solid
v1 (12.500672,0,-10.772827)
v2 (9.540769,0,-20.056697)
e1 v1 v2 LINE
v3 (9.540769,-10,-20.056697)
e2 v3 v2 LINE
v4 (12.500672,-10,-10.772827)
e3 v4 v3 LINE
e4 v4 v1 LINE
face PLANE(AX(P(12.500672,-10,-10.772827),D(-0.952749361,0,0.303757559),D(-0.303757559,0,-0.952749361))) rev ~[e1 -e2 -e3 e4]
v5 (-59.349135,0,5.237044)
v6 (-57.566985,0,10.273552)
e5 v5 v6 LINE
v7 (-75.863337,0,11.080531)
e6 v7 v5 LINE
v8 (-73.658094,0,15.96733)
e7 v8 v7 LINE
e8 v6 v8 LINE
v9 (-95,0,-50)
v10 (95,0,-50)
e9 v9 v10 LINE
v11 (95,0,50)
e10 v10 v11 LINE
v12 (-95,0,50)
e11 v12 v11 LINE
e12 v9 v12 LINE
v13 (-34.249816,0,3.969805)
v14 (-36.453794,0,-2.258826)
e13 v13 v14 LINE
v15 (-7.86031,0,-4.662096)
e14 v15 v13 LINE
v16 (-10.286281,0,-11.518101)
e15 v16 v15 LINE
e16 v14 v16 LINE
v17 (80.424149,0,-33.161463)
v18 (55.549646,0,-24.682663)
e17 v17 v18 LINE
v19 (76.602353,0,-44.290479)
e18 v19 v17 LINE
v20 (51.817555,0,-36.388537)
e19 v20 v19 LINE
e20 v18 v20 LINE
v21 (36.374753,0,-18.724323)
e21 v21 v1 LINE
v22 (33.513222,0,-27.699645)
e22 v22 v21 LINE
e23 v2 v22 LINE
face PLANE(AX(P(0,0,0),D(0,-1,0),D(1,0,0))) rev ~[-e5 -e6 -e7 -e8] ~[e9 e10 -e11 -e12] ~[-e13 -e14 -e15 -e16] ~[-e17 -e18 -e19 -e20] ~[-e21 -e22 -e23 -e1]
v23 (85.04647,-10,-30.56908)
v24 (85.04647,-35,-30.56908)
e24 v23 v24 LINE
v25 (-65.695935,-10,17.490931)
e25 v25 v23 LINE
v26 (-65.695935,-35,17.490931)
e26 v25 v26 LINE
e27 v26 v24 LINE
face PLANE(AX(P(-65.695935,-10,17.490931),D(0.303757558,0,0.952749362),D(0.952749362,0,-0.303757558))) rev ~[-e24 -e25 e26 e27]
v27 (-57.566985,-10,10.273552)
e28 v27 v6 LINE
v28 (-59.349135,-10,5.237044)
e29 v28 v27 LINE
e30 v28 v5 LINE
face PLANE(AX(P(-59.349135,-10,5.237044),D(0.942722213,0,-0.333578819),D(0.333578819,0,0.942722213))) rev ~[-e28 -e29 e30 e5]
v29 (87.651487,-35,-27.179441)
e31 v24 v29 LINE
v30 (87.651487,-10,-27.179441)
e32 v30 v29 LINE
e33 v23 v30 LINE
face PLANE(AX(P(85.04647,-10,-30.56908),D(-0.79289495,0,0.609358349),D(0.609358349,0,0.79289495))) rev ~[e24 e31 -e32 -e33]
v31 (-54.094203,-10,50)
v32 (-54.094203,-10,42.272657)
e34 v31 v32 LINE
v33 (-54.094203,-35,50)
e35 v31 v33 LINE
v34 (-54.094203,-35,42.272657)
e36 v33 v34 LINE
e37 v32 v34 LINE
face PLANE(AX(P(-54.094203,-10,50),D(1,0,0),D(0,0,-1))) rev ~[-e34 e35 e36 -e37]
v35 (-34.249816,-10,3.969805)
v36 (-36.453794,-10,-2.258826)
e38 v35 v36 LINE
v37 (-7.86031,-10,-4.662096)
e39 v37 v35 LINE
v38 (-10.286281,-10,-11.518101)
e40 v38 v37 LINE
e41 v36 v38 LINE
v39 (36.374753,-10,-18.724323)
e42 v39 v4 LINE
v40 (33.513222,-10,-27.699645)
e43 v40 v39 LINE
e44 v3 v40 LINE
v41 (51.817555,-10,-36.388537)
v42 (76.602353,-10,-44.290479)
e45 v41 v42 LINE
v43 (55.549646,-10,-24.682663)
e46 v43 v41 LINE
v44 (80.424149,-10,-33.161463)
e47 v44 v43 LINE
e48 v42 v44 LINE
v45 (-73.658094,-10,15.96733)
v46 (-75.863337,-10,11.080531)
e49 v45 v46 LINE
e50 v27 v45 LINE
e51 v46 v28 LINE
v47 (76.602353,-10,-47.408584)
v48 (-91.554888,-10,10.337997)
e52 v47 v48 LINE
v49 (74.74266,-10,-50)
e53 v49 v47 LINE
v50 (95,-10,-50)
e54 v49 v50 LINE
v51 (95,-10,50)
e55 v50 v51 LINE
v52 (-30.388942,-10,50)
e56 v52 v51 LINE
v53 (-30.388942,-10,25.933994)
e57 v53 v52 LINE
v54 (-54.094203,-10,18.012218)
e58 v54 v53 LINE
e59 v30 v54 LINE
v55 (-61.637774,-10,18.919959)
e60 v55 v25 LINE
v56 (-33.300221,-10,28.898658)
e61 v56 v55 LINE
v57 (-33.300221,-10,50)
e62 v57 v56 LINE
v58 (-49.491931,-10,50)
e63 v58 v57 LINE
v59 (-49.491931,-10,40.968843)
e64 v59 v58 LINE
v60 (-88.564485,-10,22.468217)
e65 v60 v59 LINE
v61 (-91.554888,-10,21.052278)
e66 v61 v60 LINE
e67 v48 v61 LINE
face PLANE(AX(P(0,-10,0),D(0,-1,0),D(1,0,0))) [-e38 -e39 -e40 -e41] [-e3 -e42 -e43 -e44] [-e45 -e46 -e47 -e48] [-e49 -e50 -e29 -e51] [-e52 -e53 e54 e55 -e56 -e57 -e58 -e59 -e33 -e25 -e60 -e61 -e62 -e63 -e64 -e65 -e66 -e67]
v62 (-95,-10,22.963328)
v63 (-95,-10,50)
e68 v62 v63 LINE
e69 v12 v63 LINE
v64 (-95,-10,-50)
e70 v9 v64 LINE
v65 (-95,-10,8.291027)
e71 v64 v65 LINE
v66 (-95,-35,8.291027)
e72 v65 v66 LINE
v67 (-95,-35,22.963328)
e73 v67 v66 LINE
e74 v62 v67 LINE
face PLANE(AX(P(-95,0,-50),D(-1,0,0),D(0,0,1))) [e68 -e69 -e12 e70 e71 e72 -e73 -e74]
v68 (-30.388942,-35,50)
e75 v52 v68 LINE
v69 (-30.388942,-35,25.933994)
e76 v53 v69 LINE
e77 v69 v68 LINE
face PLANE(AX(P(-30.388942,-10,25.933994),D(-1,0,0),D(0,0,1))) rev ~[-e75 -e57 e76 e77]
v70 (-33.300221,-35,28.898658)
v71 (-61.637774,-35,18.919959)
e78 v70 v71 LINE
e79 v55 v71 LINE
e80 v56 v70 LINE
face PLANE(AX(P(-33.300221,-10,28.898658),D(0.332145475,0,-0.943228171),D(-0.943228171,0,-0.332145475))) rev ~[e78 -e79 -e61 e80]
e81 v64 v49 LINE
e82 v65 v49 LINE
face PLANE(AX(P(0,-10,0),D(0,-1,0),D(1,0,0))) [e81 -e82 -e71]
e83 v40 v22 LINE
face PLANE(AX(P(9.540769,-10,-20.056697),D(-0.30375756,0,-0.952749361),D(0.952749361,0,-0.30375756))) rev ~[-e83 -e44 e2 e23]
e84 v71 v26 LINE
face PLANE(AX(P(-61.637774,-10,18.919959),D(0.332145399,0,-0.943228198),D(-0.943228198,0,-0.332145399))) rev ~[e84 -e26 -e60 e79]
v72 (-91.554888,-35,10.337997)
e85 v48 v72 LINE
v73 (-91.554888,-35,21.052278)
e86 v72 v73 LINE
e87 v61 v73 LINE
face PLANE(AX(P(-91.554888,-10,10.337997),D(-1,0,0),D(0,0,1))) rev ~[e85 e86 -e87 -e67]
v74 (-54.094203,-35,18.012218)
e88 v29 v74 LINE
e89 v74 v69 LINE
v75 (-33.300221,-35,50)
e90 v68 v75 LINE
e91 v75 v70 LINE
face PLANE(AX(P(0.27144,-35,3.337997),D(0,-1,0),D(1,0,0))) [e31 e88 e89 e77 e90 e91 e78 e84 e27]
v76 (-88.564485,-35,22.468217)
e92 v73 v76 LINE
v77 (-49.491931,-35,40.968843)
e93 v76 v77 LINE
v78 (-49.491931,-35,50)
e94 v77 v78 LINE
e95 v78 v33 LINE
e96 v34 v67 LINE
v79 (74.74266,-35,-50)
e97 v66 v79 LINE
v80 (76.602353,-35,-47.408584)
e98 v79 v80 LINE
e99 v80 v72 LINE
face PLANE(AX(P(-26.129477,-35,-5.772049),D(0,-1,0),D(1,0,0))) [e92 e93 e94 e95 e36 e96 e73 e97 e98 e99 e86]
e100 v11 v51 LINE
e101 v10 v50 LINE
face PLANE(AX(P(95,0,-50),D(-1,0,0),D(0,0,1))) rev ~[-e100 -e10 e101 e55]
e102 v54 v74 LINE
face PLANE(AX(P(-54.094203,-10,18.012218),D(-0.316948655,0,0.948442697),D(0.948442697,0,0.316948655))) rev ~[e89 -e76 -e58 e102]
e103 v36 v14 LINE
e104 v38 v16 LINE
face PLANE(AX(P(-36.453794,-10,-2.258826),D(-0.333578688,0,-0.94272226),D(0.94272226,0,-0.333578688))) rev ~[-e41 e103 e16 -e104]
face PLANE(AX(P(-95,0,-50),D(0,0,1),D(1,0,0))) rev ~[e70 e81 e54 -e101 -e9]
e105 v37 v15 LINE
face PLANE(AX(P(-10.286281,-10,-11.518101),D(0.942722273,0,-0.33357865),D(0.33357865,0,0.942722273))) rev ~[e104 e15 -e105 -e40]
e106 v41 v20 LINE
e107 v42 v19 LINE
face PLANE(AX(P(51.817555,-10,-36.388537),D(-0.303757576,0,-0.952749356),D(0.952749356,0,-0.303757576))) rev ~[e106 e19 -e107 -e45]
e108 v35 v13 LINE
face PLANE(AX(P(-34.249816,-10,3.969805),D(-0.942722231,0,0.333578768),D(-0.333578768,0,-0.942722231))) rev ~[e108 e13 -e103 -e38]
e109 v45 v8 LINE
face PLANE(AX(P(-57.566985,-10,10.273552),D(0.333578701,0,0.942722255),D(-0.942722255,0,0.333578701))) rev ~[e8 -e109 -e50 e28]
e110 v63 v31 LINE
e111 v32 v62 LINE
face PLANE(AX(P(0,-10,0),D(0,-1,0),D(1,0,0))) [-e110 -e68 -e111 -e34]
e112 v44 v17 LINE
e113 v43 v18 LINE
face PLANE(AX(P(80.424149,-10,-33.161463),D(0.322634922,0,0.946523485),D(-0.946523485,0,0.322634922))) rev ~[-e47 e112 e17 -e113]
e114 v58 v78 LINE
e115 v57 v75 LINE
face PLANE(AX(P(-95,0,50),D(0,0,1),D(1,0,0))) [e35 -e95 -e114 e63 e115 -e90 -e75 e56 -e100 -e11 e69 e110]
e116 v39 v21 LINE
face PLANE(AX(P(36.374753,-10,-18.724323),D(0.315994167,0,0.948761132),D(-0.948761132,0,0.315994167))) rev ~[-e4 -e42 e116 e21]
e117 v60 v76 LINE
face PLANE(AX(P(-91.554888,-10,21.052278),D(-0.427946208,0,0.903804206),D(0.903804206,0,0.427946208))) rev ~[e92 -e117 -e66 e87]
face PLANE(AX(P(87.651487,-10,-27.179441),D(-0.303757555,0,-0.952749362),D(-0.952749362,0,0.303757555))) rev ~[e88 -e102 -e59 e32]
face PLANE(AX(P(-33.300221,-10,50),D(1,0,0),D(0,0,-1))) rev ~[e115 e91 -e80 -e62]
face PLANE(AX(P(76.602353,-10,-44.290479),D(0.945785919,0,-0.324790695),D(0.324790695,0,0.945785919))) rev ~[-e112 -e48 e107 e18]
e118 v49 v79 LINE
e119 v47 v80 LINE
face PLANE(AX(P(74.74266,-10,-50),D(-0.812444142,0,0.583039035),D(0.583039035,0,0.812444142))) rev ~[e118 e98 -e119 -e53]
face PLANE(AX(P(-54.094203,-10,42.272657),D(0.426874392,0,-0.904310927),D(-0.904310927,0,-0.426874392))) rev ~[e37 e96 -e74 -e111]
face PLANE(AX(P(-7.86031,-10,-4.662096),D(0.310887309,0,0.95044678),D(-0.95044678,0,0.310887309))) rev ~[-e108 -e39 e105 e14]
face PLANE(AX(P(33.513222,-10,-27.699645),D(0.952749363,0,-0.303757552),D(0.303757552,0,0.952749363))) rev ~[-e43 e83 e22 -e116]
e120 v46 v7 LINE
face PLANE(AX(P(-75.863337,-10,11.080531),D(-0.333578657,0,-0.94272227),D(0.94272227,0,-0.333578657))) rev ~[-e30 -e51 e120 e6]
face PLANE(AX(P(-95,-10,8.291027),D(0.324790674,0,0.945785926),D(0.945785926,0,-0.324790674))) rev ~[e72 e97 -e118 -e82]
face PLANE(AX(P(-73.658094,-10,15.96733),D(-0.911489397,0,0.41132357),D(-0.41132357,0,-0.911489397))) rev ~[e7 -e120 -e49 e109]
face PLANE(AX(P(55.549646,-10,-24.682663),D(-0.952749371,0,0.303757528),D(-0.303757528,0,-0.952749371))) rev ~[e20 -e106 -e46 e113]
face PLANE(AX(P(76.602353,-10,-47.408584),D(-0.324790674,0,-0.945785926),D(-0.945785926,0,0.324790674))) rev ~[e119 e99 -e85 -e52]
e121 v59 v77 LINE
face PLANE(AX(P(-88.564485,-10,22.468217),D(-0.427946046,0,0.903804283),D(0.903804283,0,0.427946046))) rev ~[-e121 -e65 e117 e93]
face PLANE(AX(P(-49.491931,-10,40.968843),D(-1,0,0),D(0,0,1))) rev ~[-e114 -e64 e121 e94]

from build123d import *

# Parameters (mm, degrees)
F0_W     = 190
F0_H     = 100
F1_DEPTH = 10
F3_DEPTH = 25
F4_DEPTH = 25


with BuildPart() as f1:
    # F0 (on Front) → F1 (new body)
    with BuildSketch(Plane.XZ):
        Rectangle(F0_W, F0_H)
    extrude(amount=F1_DEPTH)

    # F2 (on face) → F3 (join)
    with BuildSketch(Plane.XZ.offset(10)):
        Polygon((-49.491931, 40.968843), (-49.491931, 50), (-54.094203, 50), (-54.094203, 42.272657), (-95, 22.963328), (-95, 8.291027), (74.74266, -50), (76.602353, -47.408584), (-91.554888, 10.337997), (-91.554888, 21.052278), (-88.564485, 22.468217), align=None)
        Polygon((-30.388942, 50), (-33.300221, 50), (-33.300221, 40.968843), (-33.300221, 28.898658), (-61.637774, 18.919959), (-65.695935, 17.490931), (85.04647, -30.56908), (87.651487, -27.179441), (-54.094203, 18.012218), (-30.388942, 25.933994), align=None)
    extrude(amount=F3_DEPTH)

    # F2 (on face) → F4 (cut)
    with BuildSketch(Plane.XZ.offset(10)):
        Polygon((-57.566985, 10.273552), (-73.658094, 15.96733), (-75.863337, 11.080531), (-59.349135, 5.237044), align=None)
        Polygon((-7.86031, -4.662096), (-34.249816, 3.969805), (-36.453794, -2.258826), (-10.286281, -11.518101), align=None)
        Polygon((36.374753, -18.724323), (12.500672, -10.772827), (9.540769, -20.056697), (33.513222, -27.699645), align=None)
        Polygon((80.424149, -33.161463), (55.549646, -24.682663), (51.817555, -36.388537), (76.602353, -44.290479), align=None)
    extrude(amount=-F4_DEPTH, mode=Mode.SUBTRACT)


solid = f1.part
